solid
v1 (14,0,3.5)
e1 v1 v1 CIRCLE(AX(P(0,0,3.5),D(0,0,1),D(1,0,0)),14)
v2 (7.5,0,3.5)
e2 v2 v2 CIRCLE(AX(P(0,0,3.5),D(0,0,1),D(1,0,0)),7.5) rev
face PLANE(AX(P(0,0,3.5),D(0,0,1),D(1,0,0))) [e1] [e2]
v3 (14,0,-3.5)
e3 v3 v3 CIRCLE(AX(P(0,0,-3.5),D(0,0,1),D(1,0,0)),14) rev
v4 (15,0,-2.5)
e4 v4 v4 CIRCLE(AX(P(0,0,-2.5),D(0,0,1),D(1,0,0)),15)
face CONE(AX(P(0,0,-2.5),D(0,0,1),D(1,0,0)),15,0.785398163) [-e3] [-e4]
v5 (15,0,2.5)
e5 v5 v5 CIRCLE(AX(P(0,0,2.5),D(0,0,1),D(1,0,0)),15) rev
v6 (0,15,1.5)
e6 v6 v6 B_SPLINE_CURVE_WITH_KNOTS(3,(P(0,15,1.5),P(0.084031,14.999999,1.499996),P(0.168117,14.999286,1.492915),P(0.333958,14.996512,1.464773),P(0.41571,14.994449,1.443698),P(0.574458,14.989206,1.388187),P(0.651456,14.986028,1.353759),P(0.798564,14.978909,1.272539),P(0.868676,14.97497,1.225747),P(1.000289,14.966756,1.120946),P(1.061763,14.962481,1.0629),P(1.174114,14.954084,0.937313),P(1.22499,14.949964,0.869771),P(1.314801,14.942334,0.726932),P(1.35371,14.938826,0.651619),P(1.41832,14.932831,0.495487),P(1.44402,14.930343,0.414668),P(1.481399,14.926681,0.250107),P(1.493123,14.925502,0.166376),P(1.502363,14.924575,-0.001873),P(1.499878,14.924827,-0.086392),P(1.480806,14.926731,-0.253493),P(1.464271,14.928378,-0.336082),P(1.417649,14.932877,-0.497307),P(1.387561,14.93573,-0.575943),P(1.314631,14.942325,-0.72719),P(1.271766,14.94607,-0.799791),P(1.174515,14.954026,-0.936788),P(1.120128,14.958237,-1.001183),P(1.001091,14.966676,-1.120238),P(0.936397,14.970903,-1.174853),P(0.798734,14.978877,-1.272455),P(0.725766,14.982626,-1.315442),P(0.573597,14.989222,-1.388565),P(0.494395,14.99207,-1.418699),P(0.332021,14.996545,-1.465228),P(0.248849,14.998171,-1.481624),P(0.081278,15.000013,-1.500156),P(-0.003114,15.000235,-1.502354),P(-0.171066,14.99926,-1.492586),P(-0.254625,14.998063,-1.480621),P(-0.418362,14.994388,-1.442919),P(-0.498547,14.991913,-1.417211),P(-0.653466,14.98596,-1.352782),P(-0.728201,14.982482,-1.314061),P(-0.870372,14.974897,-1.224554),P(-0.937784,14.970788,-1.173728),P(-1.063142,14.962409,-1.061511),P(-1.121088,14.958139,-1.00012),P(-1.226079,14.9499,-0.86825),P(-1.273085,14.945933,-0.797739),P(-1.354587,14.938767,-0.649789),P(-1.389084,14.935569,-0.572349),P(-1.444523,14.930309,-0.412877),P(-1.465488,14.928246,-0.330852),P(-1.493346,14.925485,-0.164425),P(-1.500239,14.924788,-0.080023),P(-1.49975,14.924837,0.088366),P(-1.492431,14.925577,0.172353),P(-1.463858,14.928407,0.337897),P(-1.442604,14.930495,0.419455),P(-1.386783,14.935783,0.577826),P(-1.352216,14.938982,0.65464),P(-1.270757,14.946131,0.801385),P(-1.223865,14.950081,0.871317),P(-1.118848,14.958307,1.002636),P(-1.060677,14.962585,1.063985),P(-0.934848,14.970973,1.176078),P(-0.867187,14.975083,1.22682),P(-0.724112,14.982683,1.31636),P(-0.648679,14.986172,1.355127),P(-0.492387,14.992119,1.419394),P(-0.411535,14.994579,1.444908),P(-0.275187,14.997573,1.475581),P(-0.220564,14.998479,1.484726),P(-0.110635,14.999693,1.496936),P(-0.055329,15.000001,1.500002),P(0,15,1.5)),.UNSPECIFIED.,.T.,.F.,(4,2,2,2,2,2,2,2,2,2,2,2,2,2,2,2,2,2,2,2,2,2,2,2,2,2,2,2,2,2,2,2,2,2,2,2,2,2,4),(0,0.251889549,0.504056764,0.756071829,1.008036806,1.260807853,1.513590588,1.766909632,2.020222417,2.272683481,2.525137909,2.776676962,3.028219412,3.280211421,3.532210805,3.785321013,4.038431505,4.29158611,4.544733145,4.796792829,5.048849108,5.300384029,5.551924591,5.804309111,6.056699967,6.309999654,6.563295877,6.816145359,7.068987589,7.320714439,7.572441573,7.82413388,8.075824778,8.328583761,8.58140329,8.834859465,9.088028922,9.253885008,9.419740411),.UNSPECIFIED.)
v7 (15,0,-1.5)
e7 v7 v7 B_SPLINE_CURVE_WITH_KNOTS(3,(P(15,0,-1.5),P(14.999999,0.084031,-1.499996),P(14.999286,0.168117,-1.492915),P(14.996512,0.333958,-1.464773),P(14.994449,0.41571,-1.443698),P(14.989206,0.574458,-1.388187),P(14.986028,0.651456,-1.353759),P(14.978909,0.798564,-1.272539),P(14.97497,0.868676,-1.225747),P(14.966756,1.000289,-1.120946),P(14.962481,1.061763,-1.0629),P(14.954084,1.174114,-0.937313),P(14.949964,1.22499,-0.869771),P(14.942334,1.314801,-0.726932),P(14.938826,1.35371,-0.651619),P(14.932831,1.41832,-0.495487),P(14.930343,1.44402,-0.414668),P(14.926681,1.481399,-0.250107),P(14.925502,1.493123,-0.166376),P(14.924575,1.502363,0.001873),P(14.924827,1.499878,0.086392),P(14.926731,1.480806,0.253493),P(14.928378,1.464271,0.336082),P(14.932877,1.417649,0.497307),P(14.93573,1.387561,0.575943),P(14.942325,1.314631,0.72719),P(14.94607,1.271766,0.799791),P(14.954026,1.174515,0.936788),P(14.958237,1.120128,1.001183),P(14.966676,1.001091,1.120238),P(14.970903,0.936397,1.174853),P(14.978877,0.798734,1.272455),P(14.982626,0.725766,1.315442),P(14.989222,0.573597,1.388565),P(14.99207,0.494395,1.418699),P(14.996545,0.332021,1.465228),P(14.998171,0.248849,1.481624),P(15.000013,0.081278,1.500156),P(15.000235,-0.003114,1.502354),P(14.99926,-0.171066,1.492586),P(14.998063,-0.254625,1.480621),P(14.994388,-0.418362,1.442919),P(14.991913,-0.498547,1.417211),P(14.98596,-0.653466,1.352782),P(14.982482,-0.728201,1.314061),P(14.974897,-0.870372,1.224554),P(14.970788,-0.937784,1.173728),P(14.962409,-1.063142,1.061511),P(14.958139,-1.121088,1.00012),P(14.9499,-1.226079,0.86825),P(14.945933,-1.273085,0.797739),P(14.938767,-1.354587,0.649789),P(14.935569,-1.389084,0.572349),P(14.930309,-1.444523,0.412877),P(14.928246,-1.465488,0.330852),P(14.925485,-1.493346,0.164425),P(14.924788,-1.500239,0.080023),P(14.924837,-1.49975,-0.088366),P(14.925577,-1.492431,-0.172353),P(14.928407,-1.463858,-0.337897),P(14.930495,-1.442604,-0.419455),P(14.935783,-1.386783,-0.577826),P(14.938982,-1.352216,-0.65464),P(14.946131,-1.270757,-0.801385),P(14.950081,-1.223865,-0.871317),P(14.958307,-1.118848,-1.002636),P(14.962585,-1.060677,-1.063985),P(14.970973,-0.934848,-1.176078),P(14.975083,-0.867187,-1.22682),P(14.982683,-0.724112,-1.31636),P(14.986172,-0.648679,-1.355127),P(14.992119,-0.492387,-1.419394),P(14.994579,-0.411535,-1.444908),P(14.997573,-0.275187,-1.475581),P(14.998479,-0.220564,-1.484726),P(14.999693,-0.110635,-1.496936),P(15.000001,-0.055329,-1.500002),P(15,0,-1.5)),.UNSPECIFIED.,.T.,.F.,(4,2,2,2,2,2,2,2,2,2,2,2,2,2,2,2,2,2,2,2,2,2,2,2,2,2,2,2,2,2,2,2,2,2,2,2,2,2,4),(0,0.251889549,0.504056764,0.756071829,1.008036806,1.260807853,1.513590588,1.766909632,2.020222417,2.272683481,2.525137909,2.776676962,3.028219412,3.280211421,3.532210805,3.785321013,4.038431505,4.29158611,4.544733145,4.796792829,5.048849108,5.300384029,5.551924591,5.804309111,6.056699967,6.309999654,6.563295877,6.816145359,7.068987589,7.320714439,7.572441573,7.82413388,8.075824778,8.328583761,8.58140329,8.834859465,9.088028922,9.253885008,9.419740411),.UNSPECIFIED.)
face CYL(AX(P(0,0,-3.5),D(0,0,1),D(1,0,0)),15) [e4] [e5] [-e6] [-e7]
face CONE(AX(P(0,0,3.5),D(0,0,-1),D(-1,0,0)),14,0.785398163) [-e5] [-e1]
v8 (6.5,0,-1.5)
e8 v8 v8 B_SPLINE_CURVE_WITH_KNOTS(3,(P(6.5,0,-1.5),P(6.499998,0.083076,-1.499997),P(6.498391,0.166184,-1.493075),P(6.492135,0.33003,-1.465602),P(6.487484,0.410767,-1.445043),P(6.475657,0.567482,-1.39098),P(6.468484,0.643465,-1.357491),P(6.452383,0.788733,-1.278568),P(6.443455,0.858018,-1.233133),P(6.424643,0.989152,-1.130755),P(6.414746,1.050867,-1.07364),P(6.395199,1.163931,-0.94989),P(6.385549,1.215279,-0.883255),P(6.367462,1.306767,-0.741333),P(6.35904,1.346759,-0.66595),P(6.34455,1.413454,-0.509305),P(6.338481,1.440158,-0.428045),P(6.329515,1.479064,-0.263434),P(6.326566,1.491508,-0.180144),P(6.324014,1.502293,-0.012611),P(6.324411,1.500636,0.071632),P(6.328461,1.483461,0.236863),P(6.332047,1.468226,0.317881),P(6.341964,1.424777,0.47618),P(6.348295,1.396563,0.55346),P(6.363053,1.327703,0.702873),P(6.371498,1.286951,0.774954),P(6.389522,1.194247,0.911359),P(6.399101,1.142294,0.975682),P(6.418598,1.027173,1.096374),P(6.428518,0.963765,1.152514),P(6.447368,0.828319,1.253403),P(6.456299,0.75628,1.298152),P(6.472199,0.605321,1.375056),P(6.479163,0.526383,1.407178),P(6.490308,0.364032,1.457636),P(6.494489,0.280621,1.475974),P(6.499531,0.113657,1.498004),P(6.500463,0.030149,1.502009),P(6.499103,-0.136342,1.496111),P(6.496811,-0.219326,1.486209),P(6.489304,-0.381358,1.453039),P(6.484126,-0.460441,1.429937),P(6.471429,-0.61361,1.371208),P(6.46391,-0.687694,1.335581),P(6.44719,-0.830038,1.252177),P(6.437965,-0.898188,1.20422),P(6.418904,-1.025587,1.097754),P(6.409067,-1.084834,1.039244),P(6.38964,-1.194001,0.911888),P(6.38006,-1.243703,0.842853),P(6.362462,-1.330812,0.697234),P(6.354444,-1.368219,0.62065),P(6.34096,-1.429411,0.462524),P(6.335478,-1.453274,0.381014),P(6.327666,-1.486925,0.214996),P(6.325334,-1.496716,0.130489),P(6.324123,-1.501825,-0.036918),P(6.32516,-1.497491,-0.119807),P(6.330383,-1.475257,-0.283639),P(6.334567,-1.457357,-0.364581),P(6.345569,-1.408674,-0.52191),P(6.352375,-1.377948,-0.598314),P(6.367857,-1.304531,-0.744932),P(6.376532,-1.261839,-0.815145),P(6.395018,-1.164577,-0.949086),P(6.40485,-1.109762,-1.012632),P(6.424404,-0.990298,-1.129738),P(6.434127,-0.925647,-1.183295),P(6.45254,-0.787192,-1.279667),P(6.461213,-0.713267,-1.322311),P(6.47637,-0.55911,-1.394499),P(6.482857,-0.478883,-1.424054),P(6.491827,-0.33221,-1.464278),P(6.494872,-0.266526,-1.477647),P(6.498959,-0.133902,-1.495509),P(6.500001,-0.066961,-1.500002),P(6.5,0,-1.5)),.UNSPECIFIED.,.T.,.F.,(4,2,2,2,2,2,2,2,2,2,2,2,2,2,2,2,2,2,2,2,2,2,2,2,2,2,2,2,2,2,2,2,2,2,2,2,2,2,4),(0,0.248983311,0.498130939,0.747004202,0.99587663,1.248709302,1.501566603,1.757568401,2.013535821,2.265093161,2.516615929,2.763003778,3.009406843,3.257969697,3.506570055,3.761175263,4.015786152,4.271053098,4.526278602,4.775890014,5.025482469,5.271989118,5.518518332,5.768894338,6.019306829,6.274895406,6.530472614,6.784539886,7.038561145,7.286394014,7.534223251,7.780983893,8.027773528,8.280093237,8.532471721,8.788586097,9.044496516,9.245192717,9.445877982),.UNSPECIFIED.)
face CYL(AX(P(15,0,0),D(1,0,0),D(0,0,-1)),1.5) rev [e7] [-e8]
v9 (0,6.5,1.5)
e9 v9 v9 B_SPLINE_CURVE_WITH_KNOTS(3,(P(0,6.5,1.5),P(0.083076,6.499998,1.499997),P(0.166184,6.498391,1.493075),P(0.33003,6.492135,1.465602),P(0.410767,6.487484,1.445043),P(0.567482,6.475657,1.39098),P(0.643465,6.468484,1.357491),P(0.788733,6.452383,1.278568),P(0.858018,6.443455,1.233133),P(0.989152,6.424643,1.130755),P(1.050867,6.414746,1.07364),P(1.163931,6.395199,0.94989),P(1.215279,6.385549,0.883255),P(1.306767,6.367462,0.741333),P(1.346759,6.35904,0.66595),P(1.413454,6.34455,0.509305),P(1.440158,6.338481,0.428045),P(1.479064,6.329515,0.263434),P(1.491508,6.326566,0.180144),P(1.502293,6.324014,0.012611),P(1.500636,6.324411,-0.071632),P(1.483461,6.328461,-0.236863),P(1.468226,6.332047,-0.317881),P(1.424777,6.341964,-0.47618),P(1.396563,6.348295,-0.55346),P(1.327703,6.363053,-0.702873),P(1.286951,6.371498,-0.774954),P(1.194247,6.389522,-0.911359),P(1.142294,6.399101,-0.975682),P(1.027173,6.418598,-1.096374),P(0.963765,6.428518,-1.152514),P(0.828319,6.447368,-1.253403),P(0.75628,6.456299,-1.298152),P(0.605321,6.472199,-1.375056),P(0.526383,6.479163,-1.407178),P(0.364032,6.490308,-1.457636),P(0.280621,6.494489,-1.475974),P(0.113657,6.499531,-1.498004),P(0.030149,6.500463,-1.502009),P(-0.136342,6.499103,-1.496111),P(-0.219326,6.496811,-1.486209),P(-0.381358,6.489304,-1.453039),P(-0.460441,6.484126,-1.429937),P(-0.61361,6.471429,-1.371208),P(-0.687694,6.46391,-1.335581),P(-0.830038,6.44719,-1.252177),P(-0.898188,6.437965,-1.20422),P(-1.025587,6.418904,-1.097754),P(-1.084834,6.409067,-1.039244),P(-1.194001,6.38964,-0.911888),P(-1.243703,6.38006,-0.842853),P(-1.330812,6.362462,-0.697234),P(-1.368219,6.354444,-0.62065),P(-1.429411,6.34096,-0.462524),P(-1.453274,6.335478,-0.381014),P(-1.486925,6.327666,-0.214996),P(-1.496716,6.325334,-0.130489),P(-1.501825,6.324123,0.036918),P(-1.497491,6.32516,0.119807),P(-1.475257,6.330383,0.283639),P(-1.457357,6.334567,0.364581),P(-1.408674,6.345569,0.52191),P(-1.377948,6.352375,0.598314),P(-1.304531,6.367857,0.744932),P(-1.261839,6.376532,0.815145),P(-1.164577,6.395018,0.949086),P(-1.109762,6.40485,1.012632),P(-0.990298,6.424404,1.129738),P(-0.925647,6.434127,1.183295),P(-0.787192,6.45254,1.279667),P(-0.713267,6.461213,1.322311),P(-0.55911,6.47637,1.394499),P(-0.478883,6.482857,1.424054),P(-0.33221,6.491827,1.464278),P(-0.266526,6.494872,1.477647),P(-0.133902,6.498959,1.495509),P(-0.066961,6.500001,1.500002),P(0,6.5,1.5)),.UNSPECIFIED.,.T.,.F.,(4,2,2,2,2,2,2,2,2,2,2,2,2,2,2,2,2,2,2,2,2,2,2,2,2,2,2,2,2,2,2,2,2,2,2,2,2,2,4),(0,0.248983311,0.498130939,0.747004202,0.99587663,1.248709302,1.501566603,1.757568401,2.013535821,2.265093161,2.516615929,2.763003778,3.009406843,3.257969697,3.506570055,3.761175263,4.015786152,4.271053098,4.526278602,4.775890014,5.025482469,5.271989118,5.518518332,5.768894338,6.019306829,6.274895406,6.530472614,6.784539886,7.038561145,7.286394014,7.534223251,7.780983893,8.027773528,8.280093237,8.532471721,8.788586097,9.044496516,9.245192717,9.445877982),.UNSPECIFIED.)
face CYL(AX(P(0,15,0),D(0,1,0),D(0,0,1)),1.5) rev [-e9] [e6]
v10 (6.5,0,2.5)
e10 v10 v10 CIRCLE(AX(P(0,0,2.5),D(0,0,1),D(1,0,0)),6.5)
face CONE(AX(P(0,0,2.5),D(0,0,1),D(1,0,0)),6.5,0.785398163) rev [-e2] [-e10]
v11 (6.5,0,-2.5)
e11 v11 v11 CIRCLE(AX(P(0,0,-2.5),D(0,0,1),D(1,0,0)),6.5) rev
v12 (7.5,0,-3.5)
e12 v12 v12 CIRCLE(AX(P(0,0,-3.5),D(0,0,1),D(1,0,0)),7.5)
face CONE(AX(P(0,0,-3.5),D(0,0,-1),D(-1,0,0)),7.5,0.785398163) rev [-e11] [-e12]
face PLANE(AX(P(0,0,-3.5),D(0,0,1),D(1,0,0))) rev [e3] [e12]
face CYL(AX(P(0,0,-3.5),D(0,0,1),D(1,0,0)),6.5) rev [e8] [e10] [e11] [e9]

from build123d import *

# Parameters (mm, degrees)
SKETCH1_R                              = 15
SKETCH1_R_2                            = 6.5
EXTRUDE1_DEPTH                         = 3.5
EXTRUDE1_DEPTH_BACK                    = 3.5
F_3_0_3_DIAMETER_HOLE1_D               = 3
F_3_0_3_DIAMETER_HOLE1_DEPTH           = 12
F_3_0_3_DIAMETER_HOLE1_TIP             = 0.901290929
F_3_0_3_DIAMETER_HOLE1_ON_FACE_2_D     = 3
F_3_0_3_DIAMETER_HOLE1_ON_FACE_2_DEPTH = 12
F_3_0_3_DIAMETER_HOLE1_ON_FACE_2_TIP   = 0.901290929
CHAMFER1_SIZE                          = 1


with BuildPart() as part:
    # Sketch1 → Extrude1 (new body, two sides)
    with BuildSketch(Plane.XY) as extrude1_sk:
        Circle(SKETCH1_R)
        Circle(SKETCH1_R_2, mode=Mode.SUBTRACT)
    extrude(amount=EXTRUDE1_DEPTH)
    extrude(extrude1_sk.sketch, amount=-EXTRUDE1_DEPTH_BACK)

    # 3.0 _3_ Diameter Hole1
    with Locations(Plane(origin=(0, 15, 0), x_dir=(1, 0, 0), z_dir=(0, 1, 0))):
        with Locations((0, 0)):
            Hole(F_3_0_3_DIAMETER_HOLE1_D / 2, depth=F_3_0_3_DIAMETER_HOLE1_DEPTH)
            with Locations((0, 0, -(F_3_0_3_DIAMETER_HOLE1_DEPTH + F_3_0_3_DIAMETER_HOLE1_TIP / 2))):  # 118° drill point
                Cone(0, F_3_0_3_DIAMETER_HOLE1_D / 2, F_3_0_3_DIAMETER_HOLE1_TIP, mode=Mode.SUBTRACT)

    # 3.0 _3_ Diameter Hole1 on face 2
    with Locations(Plane(origin=(15, 0, 0), x_dir=(0, 0, 1), z_dir=(1, 0, 0))):
        with Locations((0, 0)):
            Hole(F_3_0_3_DIAMETER_HOLE1_ON_FACE_2_D / 2, depth=F_3_0_3_DIAMETER_HOLE1_ON_FACE_2_DEPTH)
            with Locations((0, 0, -(F_3_0_3_DIAMETER_HOLE1_ON_FACE_2_DEPTH + F_3_0_3_DIAMETER_HOLE1_ON_FACE_2_TIP / 2))):  # 118° drill point
                Cone(0, F_3_0_3_DIAMETER_HOLE1_ON_FACE_2_D / 2, F_3_0_3_DIAMETER_HOLE1_ON_FACE_2_TIP, mode=Mode.SUBTRACT)

    # Chamfer1
    chamfer1_edges = [part.edges().sort_by_distance(p)[0] for p in [
        (-15, 0, -3.5),
        (-6.5, 0, -3.5),
        (-15, 0, 3.5),
        (-6.5, 0, 3.5),
    ]]
    chamfer(chamfer1_edges, length=CHAMFER1_SIZE)


solid = part.part
